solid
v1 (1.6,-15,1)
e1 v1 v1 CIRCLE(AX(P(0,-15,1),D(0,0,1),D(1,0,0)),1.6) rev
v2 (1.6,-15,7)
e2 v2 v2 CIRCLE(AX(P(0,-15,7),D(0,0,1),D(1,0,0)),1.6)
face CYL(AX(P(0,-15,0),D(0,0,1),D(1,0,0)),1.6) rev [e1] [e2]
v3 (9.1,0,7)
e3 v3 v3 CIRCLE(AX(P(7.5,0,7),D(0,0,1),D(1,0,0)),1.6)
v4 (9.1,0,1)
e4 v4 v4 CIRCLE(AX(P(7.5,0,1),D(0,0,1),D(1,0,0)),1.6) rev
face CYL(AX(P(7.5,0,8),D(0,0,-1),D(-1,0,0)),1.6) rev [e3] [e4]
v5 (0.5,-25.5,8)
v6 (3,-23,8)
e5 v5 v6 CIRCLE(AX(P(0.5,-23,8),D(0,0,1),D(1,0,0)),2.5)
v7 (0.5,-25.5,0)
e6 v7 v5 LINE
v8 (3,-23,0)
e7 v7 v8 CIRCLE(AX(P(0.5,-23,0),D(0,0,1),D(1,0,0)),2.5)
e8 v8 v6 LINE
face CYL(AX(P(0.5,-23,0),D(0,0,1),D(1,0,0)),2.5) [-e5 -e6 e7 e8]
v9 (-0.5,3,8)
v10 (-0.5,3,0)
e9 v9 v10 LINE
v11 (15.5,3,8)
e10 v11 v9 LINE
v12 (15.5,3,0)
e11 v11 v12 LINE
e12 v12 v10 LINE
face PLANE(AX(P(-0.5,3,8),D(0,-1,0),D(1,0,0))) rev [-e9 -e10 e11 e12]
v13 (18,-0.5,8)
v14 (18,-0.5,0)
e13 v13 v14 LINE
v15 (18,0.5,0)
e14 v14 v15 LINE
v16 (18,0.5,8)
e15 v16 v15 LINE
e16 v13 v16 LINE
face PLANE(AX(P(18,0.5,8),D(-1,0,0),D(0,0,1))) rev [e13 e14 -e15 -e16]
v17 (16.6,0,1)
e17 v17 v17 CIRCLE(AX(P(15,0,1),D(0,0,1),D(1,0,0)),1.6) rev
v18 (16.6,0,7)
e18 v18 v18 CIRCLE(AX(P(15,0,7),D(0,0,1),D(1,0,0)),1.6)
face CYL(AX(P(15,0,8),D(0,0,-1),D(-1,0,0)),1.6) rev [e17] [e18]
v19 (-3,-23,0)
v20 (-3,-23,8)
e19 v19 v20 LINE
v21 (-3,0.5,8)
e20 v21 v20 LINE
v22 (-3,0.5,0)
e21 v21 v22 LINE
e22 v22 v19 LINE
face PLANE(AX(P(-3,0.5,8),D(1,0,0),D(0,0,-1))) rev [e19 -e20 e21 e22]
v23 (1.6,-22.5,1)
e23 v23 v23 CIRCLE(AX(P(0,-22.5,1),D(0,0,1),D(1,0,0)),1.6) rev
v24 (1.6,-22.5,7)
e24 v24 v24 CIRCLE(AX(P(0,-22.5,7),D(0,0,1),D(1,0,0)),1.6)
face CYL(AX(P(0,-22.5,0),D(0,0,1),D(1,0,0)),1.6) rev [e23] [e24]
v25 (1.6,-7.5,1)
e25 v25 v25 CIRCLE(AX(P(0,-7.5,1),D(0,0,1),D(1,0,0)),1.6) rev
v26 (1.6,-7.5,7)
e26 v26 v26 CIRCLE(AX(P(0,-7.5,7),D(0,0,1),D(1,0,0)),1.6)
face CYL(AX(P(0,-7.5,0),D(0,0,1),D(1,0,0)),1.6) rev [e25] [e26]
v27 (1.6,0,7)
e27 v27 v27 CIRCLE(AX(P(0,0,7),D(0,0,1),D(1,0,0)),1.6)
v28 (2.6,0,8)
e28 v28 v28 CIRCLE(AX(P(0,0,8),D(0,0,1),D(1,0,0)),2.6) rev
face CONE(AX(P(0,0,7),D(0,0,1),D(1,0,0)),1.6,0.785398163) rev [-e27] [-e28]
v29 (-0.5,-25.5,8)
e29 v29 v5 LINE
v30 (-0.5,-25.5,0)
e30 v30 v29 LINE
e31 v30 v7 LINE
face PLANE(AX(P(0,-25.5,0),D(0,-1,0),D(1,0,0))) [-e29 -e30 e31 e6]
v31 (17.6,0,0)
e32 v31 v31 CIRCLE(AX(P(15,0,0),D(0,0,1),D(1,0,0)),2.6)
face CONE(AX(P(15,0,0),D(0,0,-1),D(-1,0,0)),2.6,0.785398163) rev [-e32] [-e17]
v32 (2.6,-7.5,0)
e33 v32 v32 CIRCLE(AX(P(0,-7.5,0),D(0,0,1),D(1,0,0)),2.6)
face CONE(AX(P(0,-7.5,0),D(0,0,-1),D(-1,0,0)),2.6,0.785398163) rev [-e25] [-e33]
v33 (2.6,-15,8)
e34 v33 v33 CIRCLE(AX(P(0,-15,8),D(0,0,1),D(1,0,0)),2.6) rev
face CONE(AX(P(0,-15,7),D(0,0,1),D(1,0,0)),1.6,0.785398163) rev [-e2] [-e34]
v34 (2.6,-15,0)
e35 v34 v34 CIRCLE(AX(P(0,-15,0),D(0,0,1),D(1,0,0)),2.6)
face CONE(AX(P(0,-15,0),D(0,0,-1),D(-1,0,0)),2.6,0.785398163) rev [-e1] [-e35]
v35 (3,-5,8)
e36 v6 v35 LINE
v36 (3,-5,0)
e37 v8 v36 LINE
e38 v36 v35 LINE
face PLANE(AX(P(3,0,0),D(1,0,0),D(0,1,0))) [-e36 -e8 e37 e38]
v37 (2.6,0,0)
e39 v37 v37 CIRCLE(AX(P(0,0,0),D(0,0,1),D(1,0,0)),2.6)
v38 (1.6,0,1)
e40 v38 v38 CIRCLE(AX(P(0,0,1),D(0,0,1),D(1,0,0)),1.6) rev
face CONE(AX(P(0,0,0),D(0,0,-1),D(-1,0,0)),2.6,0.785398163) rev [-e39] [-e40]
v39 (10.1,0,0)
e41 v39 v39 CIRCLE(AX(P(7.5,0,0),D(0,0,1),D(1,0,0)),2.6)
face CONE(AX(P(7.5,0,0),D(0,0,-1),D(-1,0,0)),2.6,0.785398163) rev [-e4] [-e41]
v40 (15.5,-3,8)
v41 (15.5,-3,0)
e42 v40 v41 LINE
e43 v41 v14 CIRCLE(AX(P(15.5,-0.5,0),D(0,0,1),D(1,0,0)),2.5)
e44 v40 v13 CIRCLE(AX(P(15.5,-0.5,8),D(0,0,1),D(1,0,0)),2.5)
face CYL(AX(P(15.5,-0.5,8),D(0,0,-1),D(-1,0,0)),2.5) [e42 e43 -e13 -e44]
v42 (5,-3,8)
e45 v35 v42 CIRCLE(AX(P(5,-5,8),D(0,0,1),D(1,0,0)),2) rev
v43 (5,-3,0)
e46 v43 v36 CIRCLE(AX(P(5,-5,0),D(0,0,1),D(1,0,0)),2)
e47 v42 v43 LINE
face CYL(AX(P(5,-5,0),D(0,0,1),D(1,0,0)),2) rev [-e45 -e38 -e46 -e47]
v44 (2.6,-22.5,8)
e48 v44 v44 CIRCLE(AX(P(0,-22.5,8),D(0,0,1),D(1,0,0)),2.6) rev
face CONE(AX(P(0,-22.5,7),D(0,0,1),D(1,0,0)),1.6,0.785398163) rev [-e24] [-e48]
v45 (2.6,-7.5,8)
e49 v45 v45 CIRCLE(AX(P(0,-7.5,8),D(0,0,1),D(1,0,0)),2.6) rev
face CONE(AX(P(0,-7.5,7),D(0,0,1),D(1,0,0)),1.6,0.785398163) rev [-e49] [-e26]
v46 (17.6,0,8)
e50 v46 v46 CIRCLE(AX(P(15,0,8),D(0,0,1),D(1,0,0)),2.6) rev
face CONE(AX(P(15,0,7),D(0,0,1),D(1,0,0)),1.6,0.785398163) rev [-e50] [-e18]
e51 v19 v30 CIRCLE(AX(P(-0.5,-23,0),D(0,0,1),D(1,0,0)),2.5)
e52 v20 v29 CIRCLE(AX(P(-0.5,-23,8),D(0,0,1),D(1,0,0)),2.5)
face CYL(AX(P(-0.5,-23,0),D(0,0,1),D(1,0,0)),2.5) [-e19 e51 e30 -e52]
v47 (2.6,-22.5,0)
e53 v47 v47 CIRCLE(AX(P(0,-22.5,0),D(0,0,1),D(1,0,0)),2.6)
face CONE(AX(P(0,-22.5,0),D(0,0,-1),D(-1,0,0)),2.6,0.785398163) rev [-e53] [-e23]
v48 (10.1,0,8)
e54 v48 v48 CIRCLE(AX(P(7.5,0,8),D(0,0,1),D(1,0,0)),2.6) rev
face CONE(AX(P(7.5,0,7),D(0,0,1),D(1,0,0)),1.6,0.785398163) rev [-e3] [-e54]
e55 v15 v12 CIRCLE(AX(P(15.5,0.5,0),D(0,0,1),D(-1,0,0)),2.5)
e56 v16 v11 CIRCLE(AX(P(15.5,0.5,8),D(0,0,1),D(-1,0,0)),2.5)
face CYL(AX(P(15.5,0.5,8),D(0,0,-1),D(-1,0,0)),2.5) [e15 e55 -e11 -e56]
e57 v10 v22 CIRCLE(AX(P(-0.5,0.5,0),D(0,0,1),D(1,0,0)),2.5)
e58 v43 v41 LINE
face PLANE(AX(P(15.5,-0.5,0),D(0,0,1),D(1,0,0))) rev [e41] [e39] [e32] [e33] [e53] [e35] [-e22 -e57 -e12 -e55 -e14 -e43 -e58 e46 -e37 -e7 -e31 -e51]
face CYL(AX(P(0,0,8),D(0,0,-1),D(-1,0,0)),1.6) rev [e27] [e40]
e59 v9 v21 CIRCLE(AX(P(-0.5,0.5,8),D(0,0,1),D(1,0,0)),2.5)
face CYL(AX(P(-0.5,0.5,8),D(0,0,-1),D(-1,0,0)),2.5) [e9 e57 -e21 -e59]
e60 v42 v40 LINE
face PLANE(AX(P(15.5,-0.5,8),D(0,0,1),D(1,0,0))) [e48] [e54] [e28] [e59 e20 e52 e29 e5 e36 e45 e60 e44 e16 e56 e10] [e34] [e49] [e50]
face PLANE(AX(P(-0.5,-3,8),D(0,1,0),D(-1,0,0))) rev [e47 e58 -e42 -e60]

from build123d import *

# Parameters (mm, degrees)
SKETCH1_R           = 1.6
BOSS_EXTRUDE1_DEPTH = 8
CHAMFER1_SIZE       = 1
SKETCH2_R           = 1.6
BOSS_EXTRUDE3_DEPTH = 8
FILLET1_R           = 2
CHAMFER5_SIZE       = 1


with BuildPart() as part:
    # Sketch1 → Boss-Extrude1 (new body)
    with BuildSketch(Plane.XY):
        with BuildLine():
            Line((-0.5, 3), (15.5, 3))
            ThreePointArc((15.5, 3), (17.267766953, 2.267766953), (18, 0.5))
            Line((18, 0.5), (18, -0.5))
            ThreePointArc((18, -0.5), (17.267766953, -2.267766953), (15.5, -3))
            Line((15.5, -3), (-0.5, -3))
            ThreePointArc((-0.5, -3), (-2.267766953, -2.267766953), (-3, -0.5))
            Line((-3, -0.5), (-3, 0.5))
            ThreePointArc((-3, 0.5), (-2.267766953, 2.267766953), (-0.5, 3))
        make_face()
        Circle(SKETCH1_R, mode=Mode.SUBTRACT)
        with Locations((7.5, 0)):
            Circle(SKETCH1_R, mode=Mode.SUBTRACT)
        with Locations((15, 0)):
            Circle(SKETCH1_R, mode=Mode.SUBTRACT)
    extrude(amount=BOSS_EXTRUDE1_DEPTH)

    # Chamfer1
    chamfer1_edges = [part.edges().sort_by_distance(p)[0] for p in [
        (-1.6, 0, 0),
        (-1.6, 0, 8),
        (5.9, 0, 0),
        (5.9, 0, 8),
        (13.4, 0, 0),
        (13.4, 0, 8),
    ]]
    chamfer(chamfer1_edges, length=CHAMFER1_SIZE)

    # Sketch2 → Boss-Extrude3 (add)
    with BuildSketch(Plane.XY.offset(8)):
        with BuildLine():
            ThreePointArc((-0.5, -3), (-2.267766953, -2.267766953), (-3, -0.5))
            Line((-3, -0.5), (-3, -23))
            ThreePointArc((-3, -23), (-2.267766953, -24.767766953), (-0.5, -25.5))
            Line((-0.5, -25.5), (0.5, -25.5))
            ThreePointArc((0.5, -25.5), (2.267766953, -24.767766953), (3, -23))
            Line((3, -23), (3, -3))
            Line((3, -3), (-0.5, -3))
        make_face()
        with Locations((0, -22.5)):
            Circle(SKETCH2_R, mode=Mode.SUBTRACT)
        with Locations((0, -15)):
            Circle(SKETCH2_R, mode=Mode.SUBTRACT)
        with Locations((0, -7.5)):
            Circle(SKETCH2_R, mode=Mode.SUBTRACT)
    extrude(amount=-BOSS_EXTRUDE3_DEPTH)

    # Fillet1
    fillet1_edges = [part.edges().sort_by_distance(p)[0] for p in [
        (3, -3, 4),
    ]]
    fillet(fillet1_edges, radius=FILLET1_R)

    # Chamfer5
    chamfer5_edges = [part.edges().sort_by_distance(p)[0] for p in [
        (-1.6, -7.5, 8),
        (-1.6, -15, 8),
        (-1.6, -22.5, 8),
        (-1.6, -22.5, 0),
        (-1.6, -15, 0),
        (-1.6, -7.5, 0),
    ]]
    chamfer(chamfer5_edges, length=CHAMFER5_SIZE)


solid = part.part
